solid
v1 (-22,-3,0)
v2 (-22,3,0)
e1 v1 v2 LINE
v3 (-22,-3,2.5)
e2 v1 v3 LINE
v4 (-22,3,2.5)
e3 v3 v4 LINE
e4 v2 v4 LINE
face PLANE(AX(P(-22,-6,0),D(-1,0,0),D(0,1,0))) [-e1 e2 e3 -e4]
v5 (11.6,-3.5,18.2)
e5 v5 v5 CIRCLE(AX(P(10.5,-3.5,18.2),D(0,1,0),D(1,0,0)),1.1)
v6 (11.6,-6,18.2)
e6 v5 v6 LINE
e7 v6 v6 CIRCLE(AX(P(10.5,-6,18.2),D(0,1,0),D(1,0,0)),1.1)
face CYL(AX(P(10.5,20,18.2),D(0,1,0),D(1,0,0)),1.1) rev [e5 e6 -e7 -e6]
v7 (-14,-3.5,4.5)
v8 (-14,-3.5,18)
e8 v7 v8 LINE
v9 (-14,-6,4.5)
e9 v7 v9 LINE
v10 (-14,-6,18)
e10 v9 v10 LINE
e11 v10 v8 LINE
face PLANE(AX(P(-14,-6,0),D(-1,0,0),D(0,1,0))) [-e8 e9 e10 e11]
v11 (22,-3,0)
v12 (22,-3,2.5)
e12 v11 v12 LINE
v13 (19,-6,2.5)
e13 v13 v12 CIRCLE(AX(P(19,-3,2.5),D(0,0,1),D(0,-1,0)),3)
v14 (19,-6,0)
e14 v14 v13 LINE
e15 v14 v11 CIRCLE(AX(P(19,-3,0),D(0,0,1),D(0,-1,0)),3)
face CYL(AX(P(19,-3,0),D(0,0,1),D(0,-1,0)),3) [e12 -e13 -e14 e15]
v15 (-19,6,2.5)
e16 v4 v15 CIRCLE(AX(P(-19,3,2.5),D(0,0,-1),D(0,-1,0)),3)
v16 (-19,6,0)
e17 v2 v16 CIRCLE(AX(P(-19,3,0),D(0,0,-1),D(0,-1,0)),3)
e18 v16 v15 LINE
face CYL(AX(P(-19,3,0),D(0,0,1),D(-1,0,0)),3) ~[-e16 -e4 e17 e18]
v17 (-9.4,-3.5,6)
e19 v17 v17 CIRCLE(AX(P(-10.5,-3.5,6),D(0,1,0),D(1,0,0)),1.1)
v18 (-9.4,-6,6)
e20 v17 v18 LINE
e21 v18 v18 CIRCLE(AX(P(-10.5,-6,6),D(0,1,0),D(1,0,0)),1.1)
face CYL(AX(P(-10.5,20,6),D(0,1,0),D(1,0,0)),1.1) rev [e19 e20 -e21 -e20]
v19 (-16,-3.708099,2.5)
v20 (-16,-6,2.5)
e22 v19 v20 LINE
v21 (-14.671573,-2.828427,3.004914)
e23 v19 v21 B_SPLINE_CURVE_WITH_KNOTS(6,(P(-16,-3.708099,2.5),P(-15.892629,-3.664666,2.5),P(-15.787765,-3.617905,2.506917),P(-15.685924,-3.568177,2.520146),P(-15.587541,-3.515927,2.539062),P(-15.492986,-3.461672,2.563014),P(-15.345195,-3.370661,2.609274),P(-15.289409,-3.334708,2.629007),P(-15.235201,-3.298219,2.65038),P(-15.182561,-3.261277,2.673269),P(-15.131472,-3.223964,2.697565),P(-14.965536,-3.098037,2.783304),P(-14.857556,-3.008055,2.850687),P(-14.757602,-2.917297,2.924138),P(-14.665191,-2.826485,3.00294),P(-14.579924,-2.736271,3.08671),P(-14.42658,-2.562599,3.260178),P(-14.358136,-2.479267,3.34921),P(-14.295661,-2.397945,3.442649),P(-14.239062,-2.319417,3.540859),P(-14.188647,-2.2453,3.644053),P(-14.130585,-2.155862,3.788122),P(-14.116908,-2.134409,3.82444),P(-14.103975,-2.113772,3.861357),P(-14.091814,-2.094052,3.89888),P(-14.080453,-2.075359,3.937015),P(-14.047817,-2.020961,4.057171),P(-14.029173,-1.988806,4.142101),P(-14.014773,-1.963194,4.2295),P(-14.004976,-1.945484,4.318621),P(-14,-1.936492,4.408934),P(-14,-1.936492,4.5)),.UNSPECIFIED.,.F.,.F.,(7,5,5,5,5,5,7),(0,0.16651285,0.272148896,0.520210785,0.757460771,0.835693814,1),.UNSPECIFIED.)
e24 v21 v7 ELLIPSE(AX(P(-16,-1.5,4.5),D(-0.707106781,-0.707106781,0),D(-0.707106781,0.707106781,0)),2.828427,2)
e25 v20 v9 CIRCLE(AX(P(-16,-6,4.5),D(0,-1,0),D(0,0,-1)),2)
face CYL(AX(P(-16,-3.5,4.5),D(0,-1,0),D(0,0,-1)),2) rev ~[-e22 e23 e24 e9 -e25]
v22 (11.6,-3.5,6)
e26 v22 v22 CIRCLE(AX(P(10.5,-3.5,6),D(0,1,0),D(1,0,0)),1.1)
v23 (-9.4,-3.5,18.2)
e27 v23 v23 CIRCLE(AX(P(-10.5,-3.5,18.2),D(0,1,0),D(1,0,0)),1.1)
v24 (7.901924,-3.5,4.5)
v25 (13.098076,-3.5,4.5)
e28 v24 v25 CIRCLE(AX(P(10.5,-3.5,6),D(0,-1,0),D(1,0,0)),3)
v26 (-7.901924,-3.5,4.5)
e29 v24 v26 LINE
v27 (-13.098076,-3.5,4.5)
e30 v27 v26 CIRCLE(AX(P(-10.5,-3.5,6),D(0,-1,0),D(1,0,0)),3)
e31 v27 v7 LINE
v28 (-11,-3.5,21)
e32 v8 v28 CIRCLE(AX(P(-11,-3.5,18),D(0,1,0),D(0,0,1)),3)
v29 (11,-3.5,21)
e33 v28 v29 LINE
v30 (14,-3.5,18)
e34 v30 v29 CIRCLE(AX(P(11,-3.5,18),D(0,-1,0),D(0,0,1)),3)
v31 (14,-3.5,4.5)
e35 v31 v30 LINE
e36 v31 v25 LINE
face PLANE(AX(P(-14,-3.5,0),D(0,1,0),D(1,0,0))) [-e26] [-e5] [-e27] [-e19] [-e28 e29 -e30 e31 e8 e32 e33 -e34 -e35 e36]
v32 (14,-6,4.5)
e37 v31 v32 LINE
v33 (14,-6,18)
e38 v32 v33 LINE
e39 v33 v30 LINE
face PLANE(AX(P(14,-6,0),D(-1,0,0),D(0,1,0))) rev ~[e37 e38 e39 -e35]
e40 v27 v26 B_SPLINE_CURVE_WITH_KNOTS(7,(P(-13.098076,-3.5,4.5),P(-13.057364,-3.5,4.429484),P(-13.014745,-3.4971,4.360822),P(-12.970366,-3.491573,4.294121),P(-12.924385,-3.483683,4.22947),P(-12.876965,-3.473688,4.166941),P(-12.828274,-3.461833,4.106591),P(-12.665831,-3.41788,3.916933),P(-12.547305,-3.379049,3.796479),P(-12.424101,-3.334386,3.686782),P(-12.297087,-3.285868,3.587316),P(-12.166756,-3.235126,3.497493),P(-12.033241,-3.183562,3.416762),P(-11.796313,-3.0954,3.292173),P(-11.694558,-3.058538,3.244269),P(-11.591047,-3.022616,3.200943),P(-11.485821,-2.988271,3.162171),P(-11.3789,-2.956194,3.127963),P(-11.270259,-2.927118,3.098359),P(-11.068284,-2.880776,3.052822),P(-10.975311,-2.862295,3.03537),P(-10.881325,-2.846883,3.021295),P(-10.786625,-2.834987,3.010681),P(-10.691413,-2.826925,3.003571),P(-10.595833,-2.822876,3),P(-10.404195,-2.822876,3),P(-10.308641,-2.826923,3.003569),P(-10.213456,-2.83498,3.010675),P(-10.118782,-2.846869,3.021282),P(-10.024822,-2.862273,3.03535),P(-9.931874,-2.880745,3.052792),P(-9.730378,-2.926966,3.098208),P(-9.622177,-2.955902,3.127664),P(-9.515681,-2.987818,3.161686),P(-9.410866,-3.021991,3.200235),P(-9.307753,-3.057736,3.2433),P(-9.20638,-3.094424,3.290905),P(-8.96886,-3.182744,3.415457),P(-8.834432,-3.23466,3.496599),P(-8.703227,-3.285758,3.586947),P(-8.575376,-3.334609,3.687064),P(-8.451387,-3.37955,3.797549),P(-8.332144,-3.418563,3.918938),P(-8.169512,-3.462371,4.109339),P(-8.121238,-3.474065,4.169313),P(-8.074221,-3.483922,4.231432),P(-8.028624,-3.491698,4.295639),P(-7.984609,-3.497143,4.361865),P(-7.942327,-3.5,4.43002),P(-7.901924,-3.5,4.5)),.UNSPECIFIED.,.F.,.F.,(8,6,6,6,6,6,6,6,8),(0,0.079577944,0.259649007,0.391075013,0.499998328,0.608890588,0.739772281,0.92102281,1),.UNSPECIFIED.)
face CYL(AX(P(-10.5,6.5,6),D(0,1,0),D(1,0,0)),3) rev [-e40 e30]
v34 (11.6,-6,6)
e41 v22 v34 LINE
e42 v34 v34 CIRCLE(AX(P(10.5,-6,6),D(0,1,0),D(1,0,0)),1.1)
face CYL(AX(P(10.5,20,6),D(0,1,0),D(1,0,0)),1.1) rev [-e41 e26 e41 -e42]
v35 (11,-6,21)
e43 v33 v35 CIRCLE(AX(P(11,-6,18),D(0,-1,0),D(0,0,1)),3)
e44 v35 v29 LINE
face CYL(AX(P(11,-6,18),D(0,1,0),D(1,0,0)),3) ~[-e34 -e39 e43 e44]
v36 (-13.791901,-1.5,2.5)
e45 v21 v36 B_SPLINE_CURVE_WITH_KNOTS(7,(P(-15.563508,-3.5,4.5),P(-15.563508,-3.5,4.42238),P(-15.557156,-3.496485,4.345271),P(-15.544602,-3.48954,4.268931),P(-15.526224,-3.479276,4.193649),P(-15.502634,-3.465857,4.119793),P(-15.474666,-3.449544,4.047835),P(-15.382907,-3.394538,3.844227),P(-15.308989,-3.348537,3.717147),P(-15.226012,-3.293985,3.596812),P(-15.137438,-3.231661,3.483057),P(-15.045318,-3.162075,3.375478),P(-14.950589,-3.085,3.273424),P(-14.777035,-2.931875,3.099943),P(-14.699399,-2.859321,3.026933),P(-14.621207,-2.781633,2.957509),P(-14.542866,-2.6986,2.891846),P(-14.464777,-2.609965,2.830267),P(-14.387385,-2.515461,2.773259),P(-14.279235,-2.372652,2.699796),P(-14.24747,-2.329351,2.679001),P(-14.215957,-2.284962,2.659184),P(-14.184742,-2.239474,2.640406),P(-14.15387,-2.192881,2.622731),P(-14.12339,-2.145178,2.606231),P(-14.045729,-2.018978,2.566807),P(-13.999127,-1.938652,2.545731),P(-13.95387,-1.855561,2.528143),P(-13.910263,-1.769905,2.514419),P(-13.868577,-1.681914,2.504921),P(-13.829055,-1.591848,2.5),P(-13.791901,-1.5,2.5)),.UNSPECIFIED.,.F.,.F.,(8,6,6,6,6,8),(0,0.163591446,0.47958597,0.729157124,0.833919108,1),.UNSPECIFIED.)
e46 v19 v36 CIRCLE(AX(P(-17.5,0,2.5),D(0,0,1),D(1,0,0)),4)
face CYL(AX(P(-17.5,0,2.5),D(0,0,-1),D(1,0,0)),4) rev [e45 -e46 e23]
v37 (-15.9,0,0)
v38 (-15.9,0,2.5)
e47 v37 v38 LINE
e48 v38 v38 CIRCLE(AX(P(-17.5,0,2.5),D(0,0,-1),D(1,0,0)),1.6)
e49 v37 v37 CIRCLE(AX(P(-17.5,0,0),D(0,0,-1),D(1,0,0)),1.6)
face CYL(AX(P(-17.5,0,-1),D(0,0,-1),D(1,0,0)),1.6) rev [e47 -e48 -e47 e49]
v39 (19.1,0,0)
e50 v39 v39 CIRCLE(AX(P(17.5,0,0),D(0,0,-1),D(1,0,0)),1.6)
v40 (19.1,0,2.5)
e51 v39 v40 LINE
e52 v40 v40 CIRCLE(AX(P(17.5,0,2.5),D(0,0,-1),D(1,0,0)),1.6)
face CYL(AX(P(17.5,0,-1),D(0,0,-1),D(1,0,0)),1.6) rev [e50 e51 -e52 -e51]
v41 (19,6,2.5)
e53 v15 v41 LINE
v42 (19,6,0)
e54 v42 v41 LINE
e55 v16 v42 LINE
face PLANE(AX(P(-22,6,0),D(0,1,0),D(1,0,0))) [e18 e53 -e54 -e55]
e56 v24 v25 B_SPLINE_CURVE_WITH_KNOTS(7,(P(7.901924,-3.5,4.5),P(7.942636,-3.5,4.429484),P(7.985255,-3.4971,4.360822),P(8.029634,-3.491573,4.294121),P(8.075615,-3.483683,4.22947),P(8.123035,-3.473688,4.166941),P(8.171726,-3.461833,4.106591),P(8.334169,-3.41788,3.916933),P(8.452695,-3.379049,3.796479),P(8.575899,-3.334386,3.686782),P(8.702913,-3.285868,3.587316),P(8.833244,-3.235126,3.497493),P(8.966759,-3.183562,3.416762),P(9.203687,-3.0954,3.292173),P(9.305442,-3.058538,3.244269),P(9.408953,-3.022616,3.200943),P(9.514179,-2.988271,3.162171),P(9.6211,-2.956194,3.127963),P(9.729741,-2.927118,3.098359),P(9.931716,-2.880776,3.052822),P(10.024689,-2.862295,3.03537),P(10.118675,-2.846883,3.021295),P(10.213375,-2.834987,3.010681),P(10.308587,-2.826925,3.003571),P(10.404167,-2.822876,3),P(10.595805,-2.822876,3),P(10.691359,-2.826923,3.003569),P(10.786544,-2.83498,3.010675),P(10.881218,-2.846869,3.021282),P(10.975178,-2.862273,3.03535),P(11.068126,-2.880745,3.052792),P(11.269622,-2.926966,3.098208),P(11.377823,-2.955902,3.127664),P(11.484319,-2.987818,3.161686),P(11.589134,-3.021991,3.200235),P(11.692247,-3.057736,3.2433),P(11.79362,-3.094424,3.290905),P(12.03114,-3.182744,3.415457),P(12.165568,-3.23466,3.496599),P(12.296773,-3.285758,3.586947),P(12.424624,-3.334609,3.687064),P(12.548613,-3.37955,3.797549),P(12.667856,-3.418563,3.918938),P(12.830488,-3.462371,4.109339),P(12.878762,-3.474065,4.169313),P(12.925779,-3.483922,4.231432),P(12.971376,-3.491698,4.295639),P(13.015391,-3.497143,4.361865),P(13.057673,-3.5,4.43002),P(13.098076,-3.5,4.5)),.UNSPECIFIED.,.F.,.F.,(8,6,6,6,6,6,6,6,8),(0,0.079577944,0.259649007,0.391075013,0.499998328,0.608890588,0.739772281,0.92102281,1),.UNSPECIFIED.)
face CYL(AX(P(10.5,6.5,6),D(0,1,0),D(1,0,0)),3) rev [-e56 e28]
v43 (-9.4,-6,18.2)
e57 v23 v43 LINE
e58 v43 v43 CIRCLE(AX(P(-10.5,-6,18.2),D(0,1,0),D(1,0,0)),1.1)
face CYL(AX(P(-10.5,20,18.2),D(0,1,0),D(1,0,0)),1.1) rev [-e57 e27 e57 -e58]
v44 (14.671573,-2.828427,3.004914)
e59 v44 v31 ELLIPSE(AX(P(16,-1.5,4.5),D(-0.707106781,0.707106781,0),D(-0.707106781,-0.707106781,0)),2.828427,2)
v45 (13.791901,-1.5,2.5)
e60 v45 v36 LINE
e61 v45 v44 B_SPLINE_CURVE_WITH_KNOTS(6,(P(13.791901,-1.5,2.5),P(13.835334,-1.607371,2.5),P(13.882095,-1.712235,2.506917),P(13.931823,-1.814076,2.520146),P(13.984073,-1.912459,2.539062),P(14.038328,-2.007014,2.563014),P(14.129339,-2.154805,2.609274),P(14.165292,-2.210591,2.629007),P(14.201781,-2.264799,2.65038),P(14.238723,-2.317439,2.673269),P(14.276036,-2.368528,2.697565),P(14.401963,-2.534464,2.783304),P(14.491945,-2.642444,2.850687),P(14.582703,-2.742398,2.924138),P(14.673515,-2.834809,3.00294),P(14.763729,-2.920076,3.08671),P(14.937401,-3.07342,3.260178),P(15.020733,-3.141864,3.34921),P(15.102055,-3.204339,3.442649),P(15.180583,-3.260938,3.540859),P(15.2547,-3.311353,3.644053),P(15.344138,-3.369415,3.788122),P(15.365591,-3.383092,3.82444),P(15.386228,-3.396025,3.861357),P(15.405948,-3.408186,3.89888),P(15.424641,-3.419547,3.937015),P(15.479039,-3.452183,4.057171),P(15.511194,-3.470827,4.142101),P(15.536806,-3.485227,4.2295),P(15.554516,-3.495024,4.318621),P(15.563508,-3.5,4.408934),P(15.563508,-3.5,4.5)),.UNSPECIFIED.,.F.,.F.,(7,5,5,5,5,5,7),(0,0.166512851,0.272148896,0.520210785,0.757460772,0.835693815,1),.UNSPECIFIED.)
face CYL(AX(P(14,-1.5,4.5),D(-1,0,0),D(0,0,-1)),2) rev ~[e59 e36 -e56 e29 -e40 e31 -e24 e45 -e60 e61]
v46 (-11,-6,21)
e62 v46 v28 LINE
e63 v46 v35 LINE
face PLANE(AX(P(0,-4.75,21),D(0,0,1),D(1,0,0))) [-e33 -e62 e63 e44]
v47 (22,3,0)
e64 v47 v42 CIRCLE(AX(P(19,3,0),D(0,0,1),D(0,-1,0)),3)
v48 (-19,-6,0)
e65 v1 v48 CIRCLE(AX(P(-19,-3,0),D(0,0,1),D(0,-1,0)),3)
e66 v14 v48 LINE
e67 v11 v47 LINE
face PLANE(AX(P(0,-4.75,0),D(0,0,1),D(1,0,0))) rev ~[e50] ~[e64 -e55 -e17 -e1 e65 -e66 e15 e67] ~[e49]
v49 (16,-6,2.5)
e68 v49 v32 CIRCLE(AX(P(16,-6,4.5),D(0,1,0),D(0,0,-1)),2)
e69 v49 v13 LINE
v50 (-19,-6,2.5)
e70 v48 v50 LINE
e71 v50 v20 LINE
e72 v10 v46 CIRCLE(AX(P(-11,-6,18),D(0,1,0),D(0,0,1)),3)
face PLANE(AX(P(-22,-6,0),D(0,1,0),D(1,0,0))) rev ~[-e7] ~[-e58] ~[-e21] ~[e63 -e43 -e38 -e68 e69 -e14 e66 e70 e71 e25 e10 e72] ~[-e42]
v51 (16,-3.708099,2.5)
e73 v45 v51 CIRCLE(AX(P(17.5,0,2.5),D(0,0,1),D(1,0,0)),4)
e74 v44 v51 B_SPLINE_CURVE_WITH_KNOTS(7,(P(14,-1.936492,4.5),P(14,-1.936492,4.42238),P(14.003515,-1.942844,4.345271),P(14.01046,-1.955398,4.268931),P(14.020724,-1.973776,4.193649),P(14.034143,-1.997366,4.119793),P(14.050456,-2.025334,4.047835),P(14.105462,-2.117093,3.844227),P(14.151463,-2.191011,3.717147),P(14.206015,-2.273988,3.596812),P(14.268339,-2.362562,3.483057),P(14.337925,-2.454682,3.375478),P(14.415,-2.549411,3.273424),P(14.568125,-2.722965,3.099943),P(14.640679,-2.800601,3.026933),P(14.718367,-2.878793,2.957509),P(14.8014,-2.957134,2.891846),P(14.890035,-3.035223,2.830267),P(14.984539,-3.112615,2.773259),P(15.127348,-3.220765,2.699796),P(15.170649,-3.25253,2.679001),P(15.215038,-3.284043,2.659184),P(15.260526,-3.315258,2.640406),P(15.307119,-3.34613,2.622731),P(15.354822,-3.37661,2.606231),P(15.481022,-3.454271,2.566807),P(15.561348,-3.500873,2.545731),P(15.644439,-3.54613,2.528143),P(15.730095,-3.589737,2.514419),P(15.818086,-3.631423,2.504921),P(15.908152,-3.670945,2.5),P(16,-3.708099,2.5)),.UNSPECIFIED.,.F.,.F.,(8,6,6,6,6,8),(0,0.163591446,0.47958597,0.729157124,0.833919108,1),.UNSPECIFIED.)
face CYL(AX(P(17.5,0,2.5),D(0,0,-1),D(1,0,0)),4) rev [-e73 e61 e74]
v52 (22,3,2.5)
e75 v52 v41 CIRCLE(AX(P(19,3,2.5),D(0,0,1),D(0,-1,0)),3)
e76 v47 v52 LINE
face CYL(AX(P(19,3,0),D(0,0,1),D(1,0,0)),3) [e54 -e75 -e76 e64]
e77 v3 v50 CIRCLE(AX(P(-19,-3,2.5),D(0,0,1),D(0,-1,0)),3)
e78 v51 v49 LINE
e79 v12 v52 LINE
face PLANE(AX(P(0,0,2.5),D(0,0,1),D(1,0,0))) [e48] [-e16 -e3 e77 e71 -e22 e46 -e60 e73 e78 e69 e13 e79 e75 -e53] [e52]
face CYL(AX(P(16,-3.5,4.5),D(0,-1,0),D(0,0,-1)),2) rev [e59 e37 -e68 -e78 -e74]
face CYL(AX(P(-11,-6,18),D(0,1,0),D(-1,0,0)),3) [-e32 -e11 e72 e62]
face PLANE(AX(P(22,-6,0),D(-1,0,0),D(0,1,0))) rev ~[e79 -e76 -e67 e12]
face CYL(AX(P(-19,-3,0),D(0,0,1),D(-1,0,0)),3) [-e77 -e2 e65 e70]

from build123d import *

# Parameters (mm, degrees)
CYLINDER004_R          = 4
CYLINDER004_DEPTH      = 5
ARRAY004_X_COUNT       = 2
ARRAY004_X_PITCH       = 35
CYLINDER003_R          = 3
CYLINDER003_DEPTH      = 10
CYLINDER003_ROLL_ANGLE = 90
ARRAY003_X_COUNT       = 2
ARRAY003_X_PITCH       = 21
CYLINDER001_R          = 1.1
CYLINDER001_DEPTH      = 50
CYLINDER001_ROLL_ANGLE = 90
ARRAY001_X_COUNT       = 2
ARRAY001_X_PITCH       = 21
ARRAY001_Z_COUNT       = 2
ARRAY001_Z_PITCH       = 12.2
CYLINDER002_R          = 1.6
CYLINDER002_DEPTH      = 10
ARRAY002_X_COUNT       = 2
ARRAY002_X_PITCH       = 35
BOX001_W               = 28
BOX001_H               = 2.5
BOX001_DEPTH           = 21
FILLET001_R            = 3
BOX002_W               = 44
BOX002_H               = 12
BOX002_DEPTH           = 2.5
FILLET_R               = 3
FILLET002_R            = 2


with BuildPart() as array004:
    # Cylinder004 → Cylinder004 (new body)
    with BuildSketch(Plane(origin=(-17.5, 0, 2.5), x_dir=(1, 0, 0), z_dir=(0, 0, 1))):
        Circle(CYLINDER004_R)
    extrude(amount=CYLINDER004_DEPTH)

    # Array004 X: Array004 ×2


with BuildPart() as array004_1:
    add(array004.part)
    with Locations(*[(i * ARRAY004_X_PITCH, 0, 0) for i in range(1, ARRAY004_X_COUNT)]):
        add(array004.part)


with BuildPart() as array003:
    # Cylinder003 → Cylinder003 (new body)
    with BuildSketch(Plane.XY):
        Circle(CYLINDER003_R)
    extrude(amount=CYLINDER003_DEPTH)


with BuildPart() as array003_1:
    # Cylinder003 roll: moved
    add(array003.part.rotate(Axis((0, 0, 0), (1, 0, 0)), CYLINDER003_ROLL_ANGLE))


with BuildPart() as array003_2:
    # Cylinder003 placement: moved
    add(array003_1.part.moved(Location((-10.5, 6.5, 6))))

    # Array003 X: Array003 ×2


with BuildPart() as array003_3:
    add(array003_2.part)
    with Locations(*[(i * ARRAY003_X_PITCH, 0, 0) for i in range(1, ARRAY003_X_COUNT)]):
        add(array003_2.part)


with BuildPart() as array001:
    # Cylinder001 → Cylinder001 (new body)
    with BuildSketch(Plane.XY):
        Circle(CYLINDER001_R)
    extrude(amount=CYLINDER001_DEPTH)


with BuildPart() as array001_1:
    # Cylinder001 roll: moved
    add(array001.part.rotate(Axis((0, 0, 0), (1, 0, 0)), CYLINDER001_ROLL_ANGLE))


with BuildPart() as array001_2:
    # Cylinder001 placement: moved
    add(array001_1.part.moved(Location((-10.5, 20, 6))))

    # Array001 X: Array001 ×2


with BuildPart() as array001_3:
    add(array001_2.part)
    with Locations(*[(i * ARRAY001_X_PITCH, 0, 0) for i in range(1, ARRAY001_X_COUNT)]):
        add(array001_2.part)

    # Array001 Z: Array001 ×2


with BuildPart() as array001_4:
    add(array001_3.part)
    with Locations(*[(0, 0, i * ARRAY001_Z_PITCH) for i in range(1, ARRAY001_Z_COUNT)]):
        add(array001_3.part)


with BuildPart() as fusion001:
    # Cylinder002 → Cylinder002 (new body)
    with BuildSketch(Plane(origin=(-17.5, 0, -1), x_dir=(1, 0, 0), z_dir=(0, 0, 1))):
        Circle(CYLINDER002_R)
    extrude(amount=CYLINDER002_DEPTH)

    # Array002 X: Fusion001 ×2


with BuildPart() as fusion001_1:
    add(fusion001.part)
    with Locations(*[(i * ARRAY002_X_PITCH, 0, 0) for i in range(1, ARRAY002_X_COUNT)]):
        add(fusion001.part)

    # Fusion001: union Array001
    add(array001_4.part)


with BuildPart() as fillet001:
    # Box001 → Box001 (new body)
    with BuildSketch(Plane(origin=(-14, -6, 0), x_dir=(1, 0, 0), z_dir=(0, 0, 1))):
        with Locations((14, 1.25)):
            Rectangle(BOX001_W, BOX001_H)
    extrude(amount=BOX001_DEPTH)

    # Fillet001
    fillet001_edges = [fillet001.edges().sort_by_distance(p)[0] for p in [
        (-14, -4.75, 21),
        (14, -4.75, 21),
    ]]
    fillet(fillet001_edges, radius=FILLET001_R)


with BuildPart() as cut002006002006:
    # Box002 → Box002 (new body)
    with BuildSketch(Plane(origin=(-22, -6, 0), x_dir=(1, 0, 0), z_dir=(0, 0, 1))):
        with Locations((22, 6)):
            Rectangle(BOX002_W, BOX002_H)
    extrude(amount=BOX002_DEPTH)

    # Fillet
    fillet_edges = [cut002006002006.edges().sort_by_distance(p)[0] for p in [
        (-22, -6, 1.25),
        (-22, 6, 1.25),
        (22, -6, 1.25),
        (22, 6, 1.25),
    ]]
    fillet(fillet_edges, radius=FILLET_R)

    # Fusion: union Fillet001
    add(fillet001.part)

    # Fillet002
    fillet002_edges = [cut002006002006.edges().sort_by_distance(p)[0] for p in [
        (14, -4.75, 2.5),
        (0, -3.5, 2.5),
        (-14, -4.75, 2.5),
    ]]
    fillet(fillet002_edges, radius=FILLET002_R)

    # Cut002006002004: cut Fusion001
    add(fusion001_1.part, mode=Mode.SUBTRACT)

    # Cut002006002005: cut Array003
    add(array003_3.part, mode=Mode.SUBTRACT)

    # Cut002006002006: cut Array004
    add(array004_1.part, mode=Mode.SUBTRACT)


solid = cut002006002006.part
